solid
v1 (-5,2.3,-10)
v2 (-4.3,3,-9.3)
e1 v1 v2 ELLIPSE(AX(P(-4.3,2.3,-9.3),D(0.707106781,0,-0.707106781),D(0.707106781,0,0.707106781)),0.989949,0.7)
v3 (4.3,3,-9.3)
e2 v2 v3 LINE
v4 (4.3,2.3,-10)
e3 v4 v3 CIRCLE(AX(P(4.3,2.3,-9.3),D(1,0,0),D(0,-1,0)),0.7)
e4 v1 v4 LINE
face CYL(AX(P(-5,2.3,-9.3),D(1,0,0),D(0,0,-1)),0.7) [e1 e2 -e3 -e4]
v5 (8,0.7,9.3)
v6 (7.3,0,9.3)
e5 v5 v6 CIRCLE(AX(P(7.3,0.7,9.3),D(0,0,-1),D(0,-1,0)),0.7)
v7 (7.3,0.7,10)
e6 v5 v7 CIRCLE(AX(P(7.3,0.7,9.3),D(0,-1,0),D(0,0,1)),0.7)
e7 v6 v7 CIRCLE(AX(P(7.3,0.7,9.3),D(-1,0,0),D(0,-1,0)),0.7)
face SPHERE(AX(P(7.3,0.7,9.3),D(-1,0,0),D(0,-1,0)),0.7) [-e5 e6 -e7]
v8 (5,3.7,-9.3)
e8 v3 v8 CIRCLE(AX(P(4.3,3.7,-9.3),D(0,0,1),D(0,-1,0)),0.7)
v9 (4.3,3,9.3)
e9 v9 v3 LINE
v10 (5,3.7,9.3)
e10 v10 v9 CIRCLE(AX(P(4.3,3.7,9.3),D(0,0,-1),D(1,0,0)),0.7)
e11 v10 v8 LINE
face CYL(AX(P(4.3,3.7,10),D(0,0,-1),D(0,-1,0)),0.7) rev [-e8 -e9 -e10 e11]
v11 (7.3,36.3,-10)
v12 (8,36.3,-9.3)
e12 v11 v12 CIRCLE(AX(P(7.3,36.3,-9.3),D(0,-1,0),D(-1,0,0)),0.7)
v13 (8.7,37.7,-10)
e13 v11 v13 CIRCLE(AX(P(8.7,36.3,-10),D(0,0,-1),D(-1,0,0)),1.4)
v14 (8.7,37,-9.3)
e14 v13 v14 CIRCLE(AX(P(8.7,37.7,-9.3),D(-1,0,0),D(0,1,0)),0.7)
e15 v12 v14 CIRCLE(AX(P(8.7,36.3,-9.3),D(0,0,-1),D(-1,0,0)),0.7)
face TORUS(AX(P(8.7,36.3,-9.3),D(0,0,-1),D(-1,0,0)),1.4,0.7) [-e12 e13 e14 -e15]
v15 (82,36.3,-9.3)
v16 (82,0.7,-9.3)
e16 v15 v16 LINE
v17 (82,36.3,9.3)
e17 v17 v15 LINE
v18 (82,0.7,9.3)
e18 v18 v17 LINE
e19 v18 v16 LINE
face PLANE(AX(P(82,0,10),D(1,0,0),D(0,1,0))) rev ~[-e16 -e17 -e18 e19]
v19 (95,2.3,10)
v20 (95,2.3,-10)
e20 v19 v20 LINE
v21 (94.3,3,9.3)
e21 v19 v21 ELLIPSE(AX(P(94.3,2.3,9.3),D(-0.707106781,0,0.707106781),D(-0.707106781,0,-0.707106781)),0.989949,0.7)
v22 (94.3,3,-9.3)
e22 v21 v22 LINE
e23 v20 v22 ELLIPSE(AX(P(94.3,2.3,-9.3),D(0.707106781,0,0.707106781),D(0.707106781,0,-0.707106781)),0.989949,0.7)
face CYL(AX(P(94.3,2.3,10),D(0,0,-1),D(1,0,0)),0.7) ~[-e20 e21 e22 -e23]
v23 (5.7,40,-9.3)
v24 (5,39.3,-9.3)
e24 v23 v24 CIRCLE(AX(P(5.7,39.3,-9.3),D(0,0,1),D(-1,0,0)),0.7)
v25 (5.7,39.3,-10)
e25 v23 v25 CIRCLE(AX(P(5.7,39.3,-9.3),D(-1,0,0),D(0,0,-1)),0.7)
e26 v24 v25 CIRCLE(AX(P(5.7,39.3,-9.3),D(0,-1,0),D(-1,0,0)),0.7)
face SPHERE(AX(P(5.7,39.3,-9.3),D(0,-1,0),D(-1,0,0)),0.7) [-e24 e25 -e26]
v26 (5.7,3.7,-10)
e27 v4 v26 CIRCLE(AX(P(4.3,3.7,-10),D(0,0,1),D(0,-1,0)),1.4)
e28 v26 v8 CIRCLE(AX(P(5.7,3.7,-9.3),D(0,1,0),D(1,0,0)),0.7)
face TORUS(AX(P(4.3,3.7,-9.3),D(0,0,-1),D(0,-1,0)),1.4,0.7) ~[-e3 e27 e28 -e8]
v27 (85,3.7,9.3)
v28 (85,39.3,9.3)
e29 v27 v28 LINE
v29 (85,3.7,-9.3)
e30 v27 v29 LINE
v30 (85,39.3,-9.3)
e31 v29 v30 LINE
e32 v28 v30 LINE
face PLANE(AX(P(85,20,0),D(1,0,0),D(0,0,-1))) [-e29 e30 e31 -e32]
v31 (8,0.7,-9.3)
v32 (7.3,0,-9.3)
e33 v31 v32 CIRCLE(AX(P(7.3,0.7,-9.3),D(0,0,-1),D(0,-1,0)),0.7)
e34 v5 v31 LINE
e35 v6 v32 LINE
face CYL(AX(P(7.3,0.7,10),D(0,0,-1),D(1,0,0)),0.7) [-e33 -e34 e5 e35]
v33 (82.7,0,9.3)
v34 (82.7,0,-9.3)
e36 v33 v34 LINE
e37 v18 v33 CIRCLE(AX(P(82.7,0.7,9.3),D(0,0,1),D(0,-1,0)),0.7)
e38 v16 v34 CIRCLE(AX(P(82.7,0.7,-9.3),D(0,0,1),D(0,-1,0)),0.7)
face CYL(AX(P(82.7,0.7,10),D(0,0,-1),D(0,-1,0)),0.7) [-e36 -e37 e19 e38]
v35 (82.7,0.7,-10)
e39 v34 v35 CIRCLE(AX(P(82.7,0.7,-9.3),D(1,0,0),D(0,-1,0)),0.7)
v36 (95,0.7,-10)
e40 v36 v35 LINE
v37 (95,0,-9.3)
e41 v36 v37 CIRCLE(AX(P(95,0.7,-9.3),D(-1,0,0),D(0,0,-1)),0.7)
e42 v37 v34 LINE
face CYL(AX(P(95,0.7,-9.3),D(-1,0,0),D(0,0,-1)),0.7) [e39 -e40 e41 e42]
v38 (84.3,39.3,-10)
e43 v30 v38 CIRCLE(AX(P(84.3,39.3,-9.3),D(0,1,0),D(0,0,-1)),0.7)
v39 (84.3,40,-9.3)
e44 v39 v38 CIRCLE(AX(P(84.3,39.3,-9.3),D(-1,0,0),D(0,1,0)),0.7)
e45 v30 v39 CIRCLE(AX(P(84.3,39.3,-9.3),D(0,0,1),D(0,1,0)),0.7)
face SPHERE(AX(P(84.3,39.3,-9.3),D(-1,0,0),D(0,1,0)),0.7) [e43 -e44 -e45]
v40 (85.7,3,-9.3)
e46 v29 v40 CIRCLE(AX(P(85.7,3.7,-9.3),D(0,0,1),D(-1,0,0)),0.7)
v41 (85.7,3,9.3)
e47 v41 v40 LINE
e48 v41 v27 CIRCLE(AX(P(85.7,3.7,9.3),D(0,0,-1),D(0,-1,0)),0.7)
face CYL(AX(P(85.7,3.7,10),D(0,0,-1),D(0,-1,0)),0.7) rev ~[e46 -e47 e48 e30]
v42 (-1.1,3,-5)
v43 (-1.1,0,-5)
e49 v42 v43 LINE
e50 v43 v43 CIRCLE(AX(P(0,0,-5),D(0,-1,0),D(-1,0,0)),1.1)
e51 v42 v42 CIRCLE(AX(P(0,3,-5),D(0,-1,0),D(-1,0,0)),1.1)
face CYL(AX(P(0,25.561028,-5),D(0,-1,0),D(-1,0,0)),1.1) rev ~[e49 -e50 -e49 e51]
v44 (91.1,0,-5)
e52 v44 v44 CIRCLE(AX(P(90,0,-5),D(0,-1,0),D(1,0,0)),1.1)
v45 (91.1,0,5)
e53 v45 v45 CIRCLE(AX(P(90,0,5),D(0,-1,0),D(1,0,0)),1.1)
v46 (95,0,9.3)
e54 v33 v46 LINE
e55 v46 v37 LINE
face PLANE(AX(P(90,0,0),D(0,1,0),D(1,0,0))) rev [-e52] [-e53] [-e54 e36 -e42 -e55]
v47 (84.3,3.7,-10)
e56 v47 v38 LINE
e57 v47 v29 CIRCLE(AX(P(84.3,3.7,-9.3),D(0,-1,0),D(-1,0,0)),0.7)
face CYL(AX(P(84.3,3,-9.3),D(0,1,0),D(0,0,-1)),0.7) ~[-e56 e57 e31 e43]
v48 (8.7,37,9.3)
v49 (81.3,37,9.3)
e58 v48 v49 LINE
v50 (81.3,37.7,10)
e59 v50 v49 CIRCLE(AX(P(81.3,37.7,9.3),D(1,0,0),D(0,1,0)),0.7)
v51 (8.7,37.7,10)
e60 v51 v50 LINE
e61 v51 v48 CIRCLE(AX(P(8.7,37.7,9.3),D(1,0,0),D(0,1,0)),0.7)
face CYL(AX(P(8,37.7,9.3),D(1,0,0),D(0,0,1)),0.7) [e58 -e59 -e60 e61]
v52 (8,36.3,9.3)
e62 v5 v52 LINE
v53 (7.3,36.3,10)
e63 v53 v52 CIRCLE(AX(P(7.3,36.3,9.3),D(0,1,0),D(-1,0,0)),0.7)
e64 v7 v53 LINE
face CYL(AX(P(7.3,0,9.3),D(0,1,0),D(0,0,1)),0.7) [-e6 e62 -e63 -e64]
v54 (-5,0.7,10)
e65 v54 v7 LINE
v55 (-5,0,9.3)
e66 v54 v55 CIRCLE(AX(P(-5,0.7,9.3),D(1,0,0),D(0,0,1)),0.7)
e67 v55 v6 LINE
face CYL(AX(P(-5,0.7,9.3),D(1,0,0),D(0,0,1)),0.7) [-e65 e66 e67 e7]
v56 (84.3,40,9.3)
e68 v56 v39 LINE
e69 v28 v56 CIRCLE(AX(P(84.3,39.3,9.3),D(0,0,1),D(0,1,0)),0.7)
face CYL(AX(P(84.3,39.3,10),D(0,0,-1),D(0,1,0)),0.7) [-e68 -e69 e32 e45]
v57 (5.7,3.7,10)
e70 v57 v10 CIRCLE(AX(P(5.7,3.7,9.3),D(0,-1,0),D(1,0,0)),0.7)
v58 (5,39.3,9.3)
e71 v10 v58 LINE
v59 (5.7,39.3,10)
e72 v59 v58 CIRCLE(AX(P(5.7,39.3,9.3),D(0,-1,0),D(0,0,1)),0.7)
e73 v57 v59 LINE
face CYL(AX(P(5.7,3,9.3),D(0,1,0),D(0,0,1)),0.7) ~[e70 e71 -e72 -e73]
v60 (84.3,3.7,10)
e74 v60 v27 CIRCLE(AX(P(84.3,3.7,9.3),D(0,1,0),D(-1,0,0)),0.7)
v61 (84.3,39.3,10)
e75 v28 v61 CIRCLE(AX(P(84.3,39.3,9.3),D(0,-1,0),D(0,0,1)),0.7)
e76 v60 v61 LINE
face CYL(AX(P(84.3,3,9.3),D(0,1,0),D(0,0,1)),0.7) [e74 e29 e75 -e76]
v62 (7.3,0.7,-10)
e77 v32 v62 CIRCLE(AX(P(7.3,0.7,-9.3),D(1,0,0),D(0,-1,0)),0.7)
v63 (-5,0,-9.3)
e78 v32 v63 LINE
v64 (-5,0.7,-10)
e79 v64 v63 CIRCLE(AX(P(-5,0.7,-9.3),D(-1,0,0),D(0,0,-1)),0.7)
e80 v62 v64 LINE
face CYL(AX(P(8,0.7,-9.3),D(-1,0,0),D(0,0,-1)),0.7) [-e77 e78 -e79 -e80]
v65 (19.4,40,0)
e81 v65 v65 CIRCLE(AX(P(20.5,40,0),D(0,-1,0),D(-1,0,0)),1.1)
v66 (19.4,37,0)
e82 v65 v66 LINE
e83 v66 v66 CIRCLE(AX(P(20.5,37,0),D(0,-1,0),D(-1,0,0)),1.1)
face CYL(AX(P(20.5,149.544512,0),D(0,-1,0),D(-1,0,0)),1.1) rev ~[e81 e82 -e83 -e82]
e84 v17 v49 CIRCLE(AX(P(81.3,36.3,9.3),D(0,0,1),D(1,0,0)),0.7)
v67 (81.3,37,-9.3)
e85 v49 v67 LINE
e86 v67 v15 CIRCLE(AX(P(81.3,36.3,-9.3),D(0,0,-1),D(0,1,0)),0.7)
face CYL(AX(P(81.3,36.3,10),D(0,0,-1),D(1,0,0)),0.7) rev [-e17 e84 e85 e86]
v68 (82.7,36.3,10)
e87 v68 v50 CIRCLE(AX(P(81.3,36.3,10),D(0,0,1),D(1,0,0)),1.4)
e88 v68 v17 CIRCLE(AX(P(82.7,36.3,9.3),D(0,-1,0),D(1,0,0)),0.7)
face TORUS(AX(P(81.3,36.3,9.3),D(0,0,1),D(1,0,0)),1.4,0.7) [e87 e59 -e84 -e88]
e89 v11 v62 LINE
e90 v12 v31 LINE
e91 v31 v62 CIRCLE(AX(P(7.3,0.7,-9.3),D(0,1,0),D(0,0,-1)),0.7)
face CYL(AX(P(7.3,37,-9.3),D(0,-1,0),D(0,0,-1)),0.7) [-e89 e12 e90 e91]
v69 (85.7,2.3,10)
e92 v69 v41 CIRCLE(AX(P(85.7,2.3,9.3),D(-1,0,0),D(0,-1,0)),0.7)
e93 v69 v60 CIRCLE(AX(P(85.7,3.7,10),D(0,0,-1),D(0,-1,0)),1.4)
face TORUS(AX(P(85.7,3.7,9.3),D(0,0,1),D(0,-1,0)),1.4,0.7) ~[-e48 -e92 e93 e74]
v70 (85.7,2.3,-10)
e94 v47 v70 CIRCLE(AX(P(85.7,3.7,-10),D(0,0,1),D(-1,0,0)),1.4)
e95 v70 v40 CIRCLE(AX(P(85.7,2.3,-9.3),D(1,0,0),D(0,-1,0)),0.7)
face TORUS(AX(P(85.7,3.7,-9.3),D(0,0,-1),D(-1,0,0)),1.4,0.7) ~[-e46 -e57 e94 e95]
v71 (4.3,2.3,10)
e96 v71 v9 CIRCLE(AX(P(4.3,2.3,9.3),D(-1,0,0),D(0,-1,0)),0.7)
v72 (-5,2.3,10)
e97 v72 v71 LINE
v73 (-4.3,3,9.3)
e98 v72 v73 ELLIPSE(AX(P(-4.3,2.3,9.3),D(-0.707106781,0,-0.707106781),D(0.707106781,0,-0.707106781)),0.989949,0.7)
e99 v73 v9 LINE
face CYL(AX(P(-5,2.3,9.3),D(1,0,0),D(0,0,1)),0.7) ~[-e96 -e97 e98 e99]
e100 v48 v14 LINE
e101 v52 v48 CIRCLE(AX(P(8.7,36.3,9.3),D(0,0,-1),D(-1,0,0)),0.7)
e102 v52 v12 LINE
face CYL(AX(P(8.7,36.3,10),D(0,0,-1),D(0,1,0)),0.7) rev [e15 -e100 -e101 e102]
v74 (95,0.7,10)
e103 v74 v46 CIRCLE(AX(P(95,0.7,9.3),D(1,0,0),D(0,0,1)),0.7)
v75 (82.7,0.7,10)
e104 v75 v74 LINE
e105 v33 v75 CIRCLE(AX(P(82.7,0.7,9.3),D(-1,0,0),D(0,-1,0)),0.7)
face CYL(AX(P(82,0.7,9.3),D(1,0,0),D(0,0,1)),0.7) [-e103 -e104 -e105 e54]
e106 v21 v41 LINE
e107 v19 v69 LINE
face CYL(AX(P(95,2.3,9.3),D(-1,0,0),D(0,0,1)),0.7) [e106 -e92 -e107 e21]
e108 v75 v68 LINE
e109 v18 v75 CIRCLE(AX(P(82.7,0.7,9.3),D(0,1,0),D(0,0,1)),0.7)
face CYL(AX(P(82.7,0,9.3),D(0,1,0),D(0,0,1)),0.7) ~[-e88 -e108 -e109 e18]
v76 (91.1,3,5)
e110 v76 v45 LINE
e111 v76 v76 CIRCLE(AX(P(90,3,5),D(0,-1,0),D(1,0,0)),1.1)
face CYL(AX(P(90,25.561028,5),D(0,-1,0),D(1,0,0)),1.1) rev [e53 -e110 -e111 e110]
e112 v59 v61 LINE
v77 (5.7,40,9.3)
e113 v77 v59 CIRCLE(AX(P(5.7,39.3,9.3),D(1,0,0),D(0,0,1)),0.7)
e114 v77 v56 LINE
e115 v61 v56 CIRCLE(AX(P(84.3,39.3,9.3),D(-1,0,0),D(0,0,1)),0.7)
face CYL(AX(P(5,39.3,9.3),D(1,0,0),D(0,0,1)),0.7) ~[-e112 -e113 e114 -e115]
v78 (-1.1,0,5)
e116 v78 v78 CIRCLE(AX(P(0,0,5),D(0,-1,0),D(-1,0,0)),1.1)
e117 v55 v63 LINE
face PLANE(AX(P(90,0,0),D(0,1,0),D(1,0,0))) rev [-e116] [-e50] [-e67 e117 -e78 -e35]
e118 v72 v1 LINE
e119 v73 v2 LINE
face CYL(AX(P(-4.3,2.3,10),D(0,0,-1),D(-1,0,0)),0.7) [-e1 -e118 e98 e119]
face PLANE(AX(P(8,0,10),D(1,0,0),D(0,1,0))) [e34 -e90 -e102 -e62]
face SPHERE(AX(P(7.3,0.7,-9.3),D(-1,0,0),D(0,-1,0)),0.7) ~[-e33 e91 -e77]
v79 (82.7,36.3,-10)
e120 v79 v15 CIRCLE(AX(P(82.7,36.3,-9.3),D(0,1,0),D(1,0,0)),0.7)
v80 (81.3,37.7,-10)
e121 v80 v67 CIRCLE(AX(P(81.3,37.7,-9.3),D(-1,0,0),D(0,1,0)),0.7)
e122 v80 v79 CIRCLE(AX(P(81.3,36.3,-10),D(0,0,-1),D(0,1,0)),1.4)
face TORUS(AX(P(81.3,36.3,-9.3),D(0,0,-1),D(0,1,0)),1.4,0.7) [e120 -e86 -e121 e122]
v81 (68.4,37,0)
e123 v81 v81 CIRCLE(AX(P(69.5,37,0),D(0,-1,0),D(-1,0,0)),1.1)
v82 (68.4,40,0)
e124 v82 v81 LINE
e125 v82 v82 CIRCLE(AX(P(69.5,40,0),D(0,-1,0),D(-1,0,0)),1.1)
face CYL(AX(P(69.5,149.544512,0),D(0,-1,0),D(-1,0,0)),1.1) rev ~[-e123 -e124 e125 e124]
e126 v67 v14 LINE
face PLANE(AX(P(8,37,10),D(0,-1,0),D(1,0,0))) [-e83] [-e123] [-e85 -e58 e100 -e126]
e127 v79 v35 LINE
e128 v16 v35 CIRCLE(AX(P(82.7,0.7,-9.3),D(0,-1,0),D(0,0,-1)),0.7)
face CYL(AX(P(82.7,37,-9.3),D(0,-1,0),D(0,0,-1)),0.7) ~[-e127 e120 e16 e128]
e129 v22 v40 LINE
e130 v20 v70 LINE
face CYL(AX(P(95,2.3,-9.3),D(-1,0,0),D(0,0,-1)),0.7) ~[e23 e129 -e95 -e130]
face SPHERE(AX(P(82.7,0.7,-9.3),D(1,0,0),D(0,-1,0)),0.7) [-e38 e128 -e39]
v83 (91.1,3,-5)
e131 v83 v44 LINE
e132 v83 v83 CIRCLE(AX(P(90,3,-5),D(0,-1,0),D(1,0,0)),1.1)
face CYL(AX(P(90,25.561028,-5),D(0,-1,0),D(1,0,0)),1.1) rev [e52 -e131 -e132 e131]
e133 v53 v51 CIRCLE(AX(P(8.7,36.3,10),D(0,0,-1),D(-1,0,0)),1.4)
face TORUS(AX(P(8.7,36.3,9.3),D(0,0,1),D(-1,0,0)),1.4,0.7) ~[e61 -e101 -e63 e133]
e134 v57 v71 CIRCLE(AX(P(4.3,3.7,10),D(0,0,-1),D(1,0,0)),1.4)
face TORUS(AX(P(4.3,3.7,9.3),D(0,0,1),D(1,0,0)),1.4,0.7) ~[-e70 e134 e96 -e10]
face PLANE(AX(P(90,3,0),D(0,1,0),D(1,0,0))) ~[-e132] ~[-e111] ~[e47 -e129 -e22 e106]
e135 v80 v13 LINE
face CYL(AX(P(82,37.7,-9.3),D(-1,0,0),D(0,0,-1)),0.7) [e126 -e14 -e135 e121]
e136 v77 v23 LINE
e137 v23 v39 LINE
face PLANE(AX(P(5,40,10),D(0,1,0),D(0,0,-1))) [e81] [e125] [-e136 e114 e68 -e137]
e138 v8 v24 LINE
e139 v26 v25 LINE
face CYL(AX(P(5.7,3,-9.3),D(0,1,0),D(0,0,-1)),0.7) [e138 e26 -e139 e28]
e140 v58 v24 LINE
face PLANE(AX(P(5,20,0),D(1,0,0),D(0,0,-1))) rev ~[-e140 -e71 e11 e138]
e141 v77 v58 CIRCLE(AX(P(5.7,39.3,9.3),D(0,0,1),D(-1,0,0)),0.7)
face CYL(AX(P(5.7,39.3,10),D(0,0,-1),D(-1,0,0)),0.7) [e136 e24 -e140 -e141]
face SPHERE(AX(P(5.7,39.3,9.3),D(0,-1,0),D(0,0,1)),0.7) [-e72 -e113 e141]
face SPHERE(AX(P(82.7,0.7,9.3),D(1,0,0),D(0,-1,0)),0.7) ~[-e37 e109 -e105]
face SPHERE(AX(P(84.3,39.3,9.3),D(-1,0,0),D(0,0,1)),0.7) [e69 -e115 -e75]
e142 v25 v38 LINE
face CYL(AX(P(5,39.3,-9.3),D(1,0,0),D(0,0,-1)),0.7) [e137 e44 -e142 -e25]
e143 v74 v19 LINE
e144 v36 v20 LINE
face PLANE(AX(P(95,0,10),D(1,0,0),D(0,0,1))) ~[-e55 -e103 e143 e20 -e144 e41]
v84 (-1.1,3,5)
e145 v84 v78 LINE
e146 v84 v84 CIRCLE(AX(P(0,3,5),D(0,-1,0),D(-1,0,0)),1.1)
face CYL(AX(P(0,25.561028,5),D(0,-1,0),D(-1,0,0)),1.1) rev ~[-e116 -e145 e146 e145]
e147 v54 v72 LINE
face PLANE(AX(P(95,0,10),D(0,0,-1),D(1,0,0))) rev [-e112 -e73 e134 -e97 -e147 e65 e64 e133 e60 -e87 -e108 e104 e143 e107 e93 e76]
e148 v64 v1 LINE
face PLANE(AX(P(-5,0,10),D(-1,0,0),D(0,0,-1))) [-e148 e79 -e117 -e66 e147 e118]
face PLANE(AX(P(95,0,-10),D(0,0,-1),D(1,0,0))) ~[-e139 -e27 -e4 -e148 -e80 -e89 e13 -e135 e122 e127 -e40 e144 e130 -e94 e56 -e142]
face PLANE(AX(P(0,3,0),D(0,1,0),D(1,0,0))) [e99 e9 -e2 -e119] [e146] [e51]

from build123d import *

# Parameters (mm, degrees)
SKETCH_1_W              = 10
SKETCH_1_H              = 20
EXTRUDE_1_DEPTH         = 3
HOLE_WIZARD_2_2_2_2_1_D = 2.2
SKETCH_5_W              = 20
SKETCH_5_H              = 40
EXTRUDE_2_DEPTH         = 80
CUT_EXTRUDE_1_REACH     = 107
SKETCH_6_W              = 74
SKETCH_6_H              = 37
HOLE_WIZARD_2_2_2_2_2_D = 2.2
FILLET_1_R              = 0.7


with BuildPart() as part:
    # 草图1 → 凸台-拉伸1 (new body)
    with BuildSketch(Plane(origin=(0, 0, 0), x_dir=(1, 0, 0), z_dir=(0, 1, 0))):
        Rectangle(SKETCH_1_W, SKETCH_1_H)
    extrude_1 = extrude(amount=EXTRUDE_1_DEPTH)

    # Ø2.2 (2.2) 直径孔1 (through all)
    with Locations(Plane(origin=(0, 3, 0), x_dir=(1, 0, 0), z_dir=(0, 1, 0))):
        with Locations((0, 5), (0, -5)):
            hole_wizard_2_2_2_2_1 = Hole(HOLE_WIZARD_2_2_2_2_1_D / 2)

    # 草图5 → 凸台-拉伸2 (add)
    with BuildSketch(Plane(origin=(5, 0, 0), x_dir=(0, 0, -1), z_dir=(1, 0, 0))):
        with Locations((0, 20)):
            Rectangle(SKETCH_5_W, SKETCH_5_H)
    extrude(amount=EXTRUDE_2_DEPTH)

    # 镜向1: 凸台-拉伸1, Ø2.2 (2.2) 直径孔1 across plane
    add(extrude_1.mirror(Plane.ZY.offset(-45)))
    add(hole_wizard_2_2_2_2_1.mirror(Plane.ZY.offset(-45)), mode=Mode.SUBTRACT)

    # 草图6 → 切除-拉伸1 (cut, up to next)
    with BuildSketch(Plane.XY.offset(10), mode=Mode.PRIVATE) as cut_extrude_1_sk1:
        with Locations((45, 18.5)):
            Rectangle(SKETCH_6_W, SKETCH_6_H)
    cut_extrude_1_tool1 = extrude(cut_extrude_1_sk1.sketch, amount=-CUT_EXTRUDE_1_REACH, mode=Mode.PRIVATE) & part.part
    add(cut_extrude_1_tool1.solids().sort_by_distance((45, 18.5, 10))[0], mode=Mode.SUBTRACT)

    # Ø2.2 (2.2) 直径孔2 (through all)
    with Locations(Plane(origin=(0, 40, 0), x_dir=(1, 0, 0), z_dir=(0, 1, 0))):
        with Locations((20.5, 0), (69.5, 0)):
            Hole(HOLE_WIZARD_2_2_2_2_2_D / 2)

    # 圆角1
    fillet_1_edges = [part.edges().sort_by_distance(p)[0] for p in [
        (5, 3, 0),
        (0, 3, -10),
        (5, 21.5, 10),
        (45, 40, 10),
        (5, 21.5, -10),
        (5, 40, 0),
        (45, 40, -10),
        (85, 21.5, 10),
        (85, 40, 0),
        (85, 21.5, -10),
        (95, 3, 0),
        (90, 3, -10),
        (85, 3, 0),
        (90, 3, 10),
        (-5, 3, 0),
        (88.5, 0, -10),
        (1.5, 0, 10),
        (1.5, 0, -10),
        (88.5, 0, 10),
        (8, 0, 0),
        (8, 37, 0),
        (82, 37, 0),
        (82, 0, 0),
        (8, 18.5, 10),
        (82, 18.5, 10),
        (45, 37, 10),
        (8, 18.5, -10),
        (45, 37, -10),
        (82, 18.5, -10),
        (0, 3, 10),
    ]]
    fillet(fillet_1_edges, radius=FILLET_1_R)


solid = part.part
